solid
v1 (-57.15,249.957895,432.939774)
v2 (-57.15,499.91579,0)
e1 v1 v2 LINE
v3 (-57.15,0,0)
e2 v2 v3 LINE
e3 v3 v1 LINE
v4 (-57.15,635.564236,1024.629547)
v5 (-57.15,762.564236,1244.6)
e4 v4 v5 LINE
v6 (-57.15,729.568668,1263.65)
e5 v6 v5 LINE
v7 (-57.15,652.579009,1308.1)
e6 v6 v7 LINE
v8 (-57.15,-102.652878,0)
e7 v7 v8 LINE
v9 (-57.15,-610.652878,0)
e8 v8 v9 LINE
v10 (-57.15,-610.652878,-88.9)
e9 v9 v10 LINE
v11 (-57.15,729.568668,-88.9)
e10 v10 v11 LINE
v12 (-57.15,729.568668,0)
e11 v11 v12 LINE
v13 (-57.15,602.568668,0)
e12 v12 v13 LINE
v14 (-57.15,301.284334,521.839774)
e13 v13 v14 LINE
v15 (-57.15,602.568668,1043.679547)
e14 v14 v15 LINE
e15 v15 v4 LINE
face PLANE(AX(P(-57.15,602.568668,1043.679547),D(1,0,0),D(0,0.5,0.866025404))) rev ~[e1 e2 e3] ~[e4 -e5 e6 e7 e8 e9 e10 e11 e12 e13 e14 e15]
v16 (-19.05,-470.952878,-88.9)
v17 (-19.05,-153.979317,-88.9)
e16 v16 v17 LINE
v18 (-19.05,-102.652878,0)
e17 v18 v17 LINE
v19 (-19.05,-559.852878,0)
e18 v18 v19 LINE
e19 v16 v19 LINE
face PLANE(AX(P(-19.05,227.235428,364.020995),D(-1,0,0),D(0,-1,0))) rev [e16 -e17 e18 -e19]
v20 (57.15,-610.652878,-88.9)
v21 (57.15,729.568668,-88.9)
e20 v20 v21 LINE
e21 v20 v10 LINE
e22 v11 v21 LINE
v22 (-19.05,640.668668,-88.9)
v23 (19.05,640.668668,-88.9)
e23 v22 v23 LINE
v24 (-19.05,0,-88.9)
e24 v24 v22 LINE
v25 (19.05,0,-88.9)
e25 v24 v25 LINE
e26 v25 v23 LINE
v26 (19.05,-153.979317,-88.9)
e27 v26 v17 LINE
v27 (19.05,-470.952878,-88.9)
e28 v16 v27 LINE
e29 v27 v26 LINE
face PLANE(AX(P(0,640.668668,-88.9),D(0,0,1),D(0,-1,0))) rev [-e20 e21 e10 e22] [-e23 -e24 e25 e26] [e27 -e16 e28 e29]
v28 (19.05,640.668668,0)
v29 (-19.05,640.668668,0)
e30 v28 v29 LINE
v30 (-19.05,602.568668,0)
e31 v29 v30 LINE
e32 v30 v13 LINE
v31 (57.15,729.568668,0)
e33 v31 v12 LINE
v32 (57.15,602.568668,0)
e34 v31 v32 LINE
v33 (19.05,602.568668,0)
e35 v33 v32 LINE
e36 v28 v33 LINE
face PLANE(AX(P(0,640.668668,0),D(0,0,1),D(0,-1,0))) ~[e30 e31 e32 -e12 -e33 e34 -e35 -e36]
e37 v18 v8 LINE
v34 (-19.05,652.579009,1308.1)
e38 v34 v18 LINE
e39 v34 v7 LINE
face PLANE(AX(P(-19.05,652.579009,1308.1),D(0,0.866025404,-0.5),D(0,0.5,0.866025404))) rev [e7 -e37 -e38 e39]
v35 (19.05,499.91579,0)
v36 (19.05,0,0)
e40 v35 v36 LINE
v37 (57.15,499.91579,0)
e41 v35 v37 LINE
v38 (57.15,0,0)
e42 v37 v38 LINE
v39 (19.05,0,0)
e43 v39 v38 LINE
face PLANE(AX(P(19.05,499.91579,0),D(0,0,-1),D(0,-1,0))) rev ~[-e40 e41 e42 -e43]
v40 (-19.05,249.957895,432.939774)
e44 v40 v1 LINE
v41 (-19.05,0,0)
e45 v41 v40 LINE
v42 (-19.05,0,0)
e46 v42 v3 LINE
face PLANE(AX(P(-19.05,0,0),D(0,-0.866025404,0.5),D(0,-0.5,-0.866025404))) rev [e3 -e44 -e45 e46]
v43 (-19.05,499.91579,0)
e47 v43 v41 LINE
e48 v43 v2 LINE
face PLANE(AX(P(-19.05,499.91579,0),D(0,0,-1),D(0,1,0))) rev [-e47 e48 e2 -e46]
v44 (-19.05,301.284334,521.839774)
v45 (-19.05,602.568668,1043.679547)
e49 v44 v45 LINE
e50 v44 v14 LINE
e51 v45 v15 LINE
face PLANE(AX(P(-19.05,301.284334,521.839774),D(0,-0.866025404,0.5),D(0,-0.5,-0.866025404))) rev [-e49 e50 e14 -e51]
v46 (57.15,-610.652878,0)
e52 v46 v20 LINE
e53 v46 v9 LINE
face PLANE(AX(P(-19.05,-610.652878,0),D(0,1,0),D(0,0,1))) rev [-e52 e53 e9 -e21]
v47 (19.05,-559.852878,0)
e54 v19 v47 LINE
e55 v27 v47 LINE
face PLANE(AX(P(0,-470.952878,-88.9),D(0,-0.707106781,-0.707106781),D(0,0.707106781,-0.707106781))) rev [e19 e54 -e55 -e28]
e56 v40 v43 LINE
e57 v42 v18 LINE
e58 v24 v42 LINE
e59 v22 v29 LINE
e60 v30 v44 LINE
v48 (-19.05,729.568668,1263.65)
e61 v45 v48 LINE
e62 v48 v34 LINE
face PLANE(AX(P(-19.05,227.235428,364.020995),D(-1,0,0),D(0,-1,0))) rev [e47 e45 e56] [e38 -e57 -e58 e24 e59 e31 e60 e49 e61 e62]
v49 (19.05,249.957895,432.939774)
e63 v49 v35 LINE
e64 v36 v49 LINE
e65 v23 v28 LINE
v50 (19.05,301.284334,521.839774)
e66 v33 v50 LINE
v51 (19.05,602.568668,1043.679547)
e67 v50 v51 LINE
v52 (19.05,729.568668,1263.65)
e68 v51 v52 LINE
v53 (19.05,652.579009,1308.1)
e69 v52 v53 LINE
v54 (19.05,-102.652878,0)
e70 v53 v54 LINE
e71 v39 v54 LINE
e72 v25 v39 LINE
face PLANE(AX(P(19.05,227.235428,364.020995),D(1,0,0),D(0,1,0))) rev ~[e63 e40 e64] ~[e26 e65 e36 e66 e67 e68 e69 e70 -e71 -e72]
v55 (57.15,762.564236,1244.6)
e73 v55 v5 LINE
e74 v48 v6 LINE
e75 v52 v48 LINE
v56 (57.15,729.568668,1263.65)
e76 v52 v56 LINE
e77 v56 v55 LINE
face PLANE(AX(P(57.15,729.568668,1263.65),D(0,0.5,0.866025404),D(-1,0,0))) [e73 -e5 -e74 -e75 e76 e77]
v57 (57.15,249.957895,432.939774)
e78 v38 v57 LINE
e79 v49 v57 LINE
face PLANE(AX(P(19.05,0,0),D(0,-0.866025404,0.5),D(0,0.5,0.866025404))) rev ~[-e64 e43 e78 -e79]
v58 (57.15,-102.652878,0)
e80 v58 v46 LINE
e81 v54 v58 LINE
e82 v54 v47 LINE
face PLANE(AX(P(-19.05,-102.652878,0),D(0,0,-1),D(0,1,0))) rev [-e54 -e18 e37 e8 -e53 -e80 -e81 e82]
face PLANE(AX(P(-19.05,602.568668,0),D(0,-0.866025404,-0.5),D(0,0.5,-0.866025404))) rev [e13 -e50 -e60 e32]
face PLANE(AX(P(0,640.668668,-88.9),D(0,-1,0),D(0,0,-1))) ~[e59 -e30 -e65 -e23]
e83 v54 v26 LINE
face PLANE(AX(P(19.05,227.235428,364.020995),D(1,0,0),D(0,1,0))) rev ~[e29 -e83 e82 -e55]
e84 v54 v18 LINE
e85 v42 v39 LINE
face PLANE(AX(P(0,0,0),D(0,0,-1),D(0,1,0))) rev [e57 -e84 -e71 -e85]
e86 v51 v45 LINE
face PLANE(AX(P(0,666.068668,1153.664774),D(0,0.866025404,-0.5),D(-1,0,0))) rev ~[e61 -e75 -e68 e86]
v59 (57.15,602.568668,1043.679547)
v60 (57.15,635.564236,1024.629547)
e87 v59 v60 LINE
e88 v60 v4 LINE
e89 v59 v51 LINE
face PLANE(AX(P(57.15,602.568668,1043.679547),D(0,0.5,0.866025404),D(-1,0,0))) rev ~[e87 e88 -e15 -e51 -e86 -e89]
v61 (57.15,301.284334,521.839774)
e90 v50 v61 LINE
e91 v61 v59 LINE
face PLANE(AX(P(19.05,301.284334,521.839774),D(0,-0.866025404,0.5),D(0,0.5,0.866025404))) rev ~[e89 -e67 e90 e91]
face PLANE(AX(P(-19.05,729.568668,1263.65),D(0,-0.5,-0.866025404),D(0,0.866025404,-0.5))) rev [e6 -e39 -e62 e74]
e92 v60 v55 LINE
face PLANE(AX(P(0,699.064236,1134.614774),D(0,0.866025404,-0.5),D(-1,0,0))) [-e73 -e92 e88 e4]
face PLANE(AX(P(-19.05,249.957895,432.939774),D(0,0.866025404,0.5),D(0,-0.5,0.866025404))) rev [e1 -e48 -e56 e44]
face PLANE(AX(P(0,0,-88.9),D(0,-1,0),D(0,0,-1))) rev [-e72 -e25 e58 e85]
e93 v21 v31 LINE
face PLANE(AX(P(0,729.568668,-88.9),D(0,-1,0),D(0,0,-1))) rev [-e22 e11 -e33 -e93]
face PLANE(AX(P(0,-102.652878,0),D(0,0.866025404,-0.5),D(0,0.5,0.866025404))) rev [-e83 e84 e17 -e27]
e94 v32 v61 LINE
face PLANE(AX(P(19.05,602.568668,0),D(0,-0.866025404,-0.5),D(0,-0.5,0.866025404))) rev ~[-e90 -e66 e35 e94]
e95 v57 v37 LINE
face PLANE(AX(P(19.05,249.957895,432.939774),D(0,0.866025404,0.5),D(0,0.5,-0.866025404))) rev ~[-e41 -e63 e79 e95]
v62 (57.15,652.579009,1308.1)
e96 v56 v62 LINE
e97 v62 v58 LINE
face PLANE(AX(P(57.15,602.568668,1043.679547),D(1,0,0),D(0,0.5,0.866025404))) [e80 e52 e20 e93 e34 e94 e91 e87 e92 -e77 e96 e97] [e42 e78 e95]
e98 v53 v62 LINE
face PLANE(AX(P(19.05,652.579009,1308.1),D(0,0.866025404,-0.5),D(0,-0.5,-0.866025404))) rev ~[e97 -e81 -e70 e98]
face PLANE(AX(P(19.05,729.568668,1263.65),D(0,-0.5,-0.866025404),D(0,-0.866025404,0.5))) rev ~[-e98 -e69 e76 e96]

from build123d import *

# Parameters (mm, degrees)
F3_DEPTH = 38.1
F4_W     = 88.9
F4_H     = 88.9
F5_DEPTH = 19.05
F7_W     = 114.3
F7_H     = 254
F8_DEPTH = 38.1


with BuildPart() as f3:
    # F2 (on offset) → F3 (new body)
    with BuildSketch(Plane.YZ.offset(19.05)):
        Polygon((729.5686676615, 1263.65), (652.579009265, 1308.1), (-102.6528778619, 0), (-610.6528778619, 0), (-610.6528778619, -88.9), (729.5686676615, -88.9), (729.5686676615, 0), (602.5686676615, 0), (301.2843338307, 521.8397737194), align=None)
        Polygon((499.9157897996, 0), (0, 0), (249.9578948998, 432.9397737194), align=None, mode=Mode.SUBTRACT)
    extrude(amount=F3_DEPTH)

    # F4 (on Right) → F5 (join, through all)
    with BuildSketch(Plane.YZ):
        with Locations((685.1186676615, -44.45)):
            Rectangle(F4_W, F4_H)
        Polygon((-559.8528778619, 0), (-610.6528778619, 0), (-610.6528778619, -88.9), (-470.9528778619, -88.9), align=None)
        Polygon((0, -88.9), (0, 0), (-102.6528778619, 0), (-153.9793167929, -88.9), align=None)
    extrude(amount=F5_DEPTH)

    # F6: F3 across plane


with BuildPart() as f3_1:
    add(f3.part)
    add(f3.part.mirror(Plane.YZ))

    # F7 (on face) → F8 (join)
    with BuildSketch(Plane(origin=(0, 0, 0), x_dir=(-1, 0, 0), z_dir=(0, 0.8660254038, -0.5))):
        with Locations((0, 1332.1373353229)):
            Rectangle(F7_W, F7_H)
    extrude(amount=F8_DEPTH)


solid = f3_1.part
